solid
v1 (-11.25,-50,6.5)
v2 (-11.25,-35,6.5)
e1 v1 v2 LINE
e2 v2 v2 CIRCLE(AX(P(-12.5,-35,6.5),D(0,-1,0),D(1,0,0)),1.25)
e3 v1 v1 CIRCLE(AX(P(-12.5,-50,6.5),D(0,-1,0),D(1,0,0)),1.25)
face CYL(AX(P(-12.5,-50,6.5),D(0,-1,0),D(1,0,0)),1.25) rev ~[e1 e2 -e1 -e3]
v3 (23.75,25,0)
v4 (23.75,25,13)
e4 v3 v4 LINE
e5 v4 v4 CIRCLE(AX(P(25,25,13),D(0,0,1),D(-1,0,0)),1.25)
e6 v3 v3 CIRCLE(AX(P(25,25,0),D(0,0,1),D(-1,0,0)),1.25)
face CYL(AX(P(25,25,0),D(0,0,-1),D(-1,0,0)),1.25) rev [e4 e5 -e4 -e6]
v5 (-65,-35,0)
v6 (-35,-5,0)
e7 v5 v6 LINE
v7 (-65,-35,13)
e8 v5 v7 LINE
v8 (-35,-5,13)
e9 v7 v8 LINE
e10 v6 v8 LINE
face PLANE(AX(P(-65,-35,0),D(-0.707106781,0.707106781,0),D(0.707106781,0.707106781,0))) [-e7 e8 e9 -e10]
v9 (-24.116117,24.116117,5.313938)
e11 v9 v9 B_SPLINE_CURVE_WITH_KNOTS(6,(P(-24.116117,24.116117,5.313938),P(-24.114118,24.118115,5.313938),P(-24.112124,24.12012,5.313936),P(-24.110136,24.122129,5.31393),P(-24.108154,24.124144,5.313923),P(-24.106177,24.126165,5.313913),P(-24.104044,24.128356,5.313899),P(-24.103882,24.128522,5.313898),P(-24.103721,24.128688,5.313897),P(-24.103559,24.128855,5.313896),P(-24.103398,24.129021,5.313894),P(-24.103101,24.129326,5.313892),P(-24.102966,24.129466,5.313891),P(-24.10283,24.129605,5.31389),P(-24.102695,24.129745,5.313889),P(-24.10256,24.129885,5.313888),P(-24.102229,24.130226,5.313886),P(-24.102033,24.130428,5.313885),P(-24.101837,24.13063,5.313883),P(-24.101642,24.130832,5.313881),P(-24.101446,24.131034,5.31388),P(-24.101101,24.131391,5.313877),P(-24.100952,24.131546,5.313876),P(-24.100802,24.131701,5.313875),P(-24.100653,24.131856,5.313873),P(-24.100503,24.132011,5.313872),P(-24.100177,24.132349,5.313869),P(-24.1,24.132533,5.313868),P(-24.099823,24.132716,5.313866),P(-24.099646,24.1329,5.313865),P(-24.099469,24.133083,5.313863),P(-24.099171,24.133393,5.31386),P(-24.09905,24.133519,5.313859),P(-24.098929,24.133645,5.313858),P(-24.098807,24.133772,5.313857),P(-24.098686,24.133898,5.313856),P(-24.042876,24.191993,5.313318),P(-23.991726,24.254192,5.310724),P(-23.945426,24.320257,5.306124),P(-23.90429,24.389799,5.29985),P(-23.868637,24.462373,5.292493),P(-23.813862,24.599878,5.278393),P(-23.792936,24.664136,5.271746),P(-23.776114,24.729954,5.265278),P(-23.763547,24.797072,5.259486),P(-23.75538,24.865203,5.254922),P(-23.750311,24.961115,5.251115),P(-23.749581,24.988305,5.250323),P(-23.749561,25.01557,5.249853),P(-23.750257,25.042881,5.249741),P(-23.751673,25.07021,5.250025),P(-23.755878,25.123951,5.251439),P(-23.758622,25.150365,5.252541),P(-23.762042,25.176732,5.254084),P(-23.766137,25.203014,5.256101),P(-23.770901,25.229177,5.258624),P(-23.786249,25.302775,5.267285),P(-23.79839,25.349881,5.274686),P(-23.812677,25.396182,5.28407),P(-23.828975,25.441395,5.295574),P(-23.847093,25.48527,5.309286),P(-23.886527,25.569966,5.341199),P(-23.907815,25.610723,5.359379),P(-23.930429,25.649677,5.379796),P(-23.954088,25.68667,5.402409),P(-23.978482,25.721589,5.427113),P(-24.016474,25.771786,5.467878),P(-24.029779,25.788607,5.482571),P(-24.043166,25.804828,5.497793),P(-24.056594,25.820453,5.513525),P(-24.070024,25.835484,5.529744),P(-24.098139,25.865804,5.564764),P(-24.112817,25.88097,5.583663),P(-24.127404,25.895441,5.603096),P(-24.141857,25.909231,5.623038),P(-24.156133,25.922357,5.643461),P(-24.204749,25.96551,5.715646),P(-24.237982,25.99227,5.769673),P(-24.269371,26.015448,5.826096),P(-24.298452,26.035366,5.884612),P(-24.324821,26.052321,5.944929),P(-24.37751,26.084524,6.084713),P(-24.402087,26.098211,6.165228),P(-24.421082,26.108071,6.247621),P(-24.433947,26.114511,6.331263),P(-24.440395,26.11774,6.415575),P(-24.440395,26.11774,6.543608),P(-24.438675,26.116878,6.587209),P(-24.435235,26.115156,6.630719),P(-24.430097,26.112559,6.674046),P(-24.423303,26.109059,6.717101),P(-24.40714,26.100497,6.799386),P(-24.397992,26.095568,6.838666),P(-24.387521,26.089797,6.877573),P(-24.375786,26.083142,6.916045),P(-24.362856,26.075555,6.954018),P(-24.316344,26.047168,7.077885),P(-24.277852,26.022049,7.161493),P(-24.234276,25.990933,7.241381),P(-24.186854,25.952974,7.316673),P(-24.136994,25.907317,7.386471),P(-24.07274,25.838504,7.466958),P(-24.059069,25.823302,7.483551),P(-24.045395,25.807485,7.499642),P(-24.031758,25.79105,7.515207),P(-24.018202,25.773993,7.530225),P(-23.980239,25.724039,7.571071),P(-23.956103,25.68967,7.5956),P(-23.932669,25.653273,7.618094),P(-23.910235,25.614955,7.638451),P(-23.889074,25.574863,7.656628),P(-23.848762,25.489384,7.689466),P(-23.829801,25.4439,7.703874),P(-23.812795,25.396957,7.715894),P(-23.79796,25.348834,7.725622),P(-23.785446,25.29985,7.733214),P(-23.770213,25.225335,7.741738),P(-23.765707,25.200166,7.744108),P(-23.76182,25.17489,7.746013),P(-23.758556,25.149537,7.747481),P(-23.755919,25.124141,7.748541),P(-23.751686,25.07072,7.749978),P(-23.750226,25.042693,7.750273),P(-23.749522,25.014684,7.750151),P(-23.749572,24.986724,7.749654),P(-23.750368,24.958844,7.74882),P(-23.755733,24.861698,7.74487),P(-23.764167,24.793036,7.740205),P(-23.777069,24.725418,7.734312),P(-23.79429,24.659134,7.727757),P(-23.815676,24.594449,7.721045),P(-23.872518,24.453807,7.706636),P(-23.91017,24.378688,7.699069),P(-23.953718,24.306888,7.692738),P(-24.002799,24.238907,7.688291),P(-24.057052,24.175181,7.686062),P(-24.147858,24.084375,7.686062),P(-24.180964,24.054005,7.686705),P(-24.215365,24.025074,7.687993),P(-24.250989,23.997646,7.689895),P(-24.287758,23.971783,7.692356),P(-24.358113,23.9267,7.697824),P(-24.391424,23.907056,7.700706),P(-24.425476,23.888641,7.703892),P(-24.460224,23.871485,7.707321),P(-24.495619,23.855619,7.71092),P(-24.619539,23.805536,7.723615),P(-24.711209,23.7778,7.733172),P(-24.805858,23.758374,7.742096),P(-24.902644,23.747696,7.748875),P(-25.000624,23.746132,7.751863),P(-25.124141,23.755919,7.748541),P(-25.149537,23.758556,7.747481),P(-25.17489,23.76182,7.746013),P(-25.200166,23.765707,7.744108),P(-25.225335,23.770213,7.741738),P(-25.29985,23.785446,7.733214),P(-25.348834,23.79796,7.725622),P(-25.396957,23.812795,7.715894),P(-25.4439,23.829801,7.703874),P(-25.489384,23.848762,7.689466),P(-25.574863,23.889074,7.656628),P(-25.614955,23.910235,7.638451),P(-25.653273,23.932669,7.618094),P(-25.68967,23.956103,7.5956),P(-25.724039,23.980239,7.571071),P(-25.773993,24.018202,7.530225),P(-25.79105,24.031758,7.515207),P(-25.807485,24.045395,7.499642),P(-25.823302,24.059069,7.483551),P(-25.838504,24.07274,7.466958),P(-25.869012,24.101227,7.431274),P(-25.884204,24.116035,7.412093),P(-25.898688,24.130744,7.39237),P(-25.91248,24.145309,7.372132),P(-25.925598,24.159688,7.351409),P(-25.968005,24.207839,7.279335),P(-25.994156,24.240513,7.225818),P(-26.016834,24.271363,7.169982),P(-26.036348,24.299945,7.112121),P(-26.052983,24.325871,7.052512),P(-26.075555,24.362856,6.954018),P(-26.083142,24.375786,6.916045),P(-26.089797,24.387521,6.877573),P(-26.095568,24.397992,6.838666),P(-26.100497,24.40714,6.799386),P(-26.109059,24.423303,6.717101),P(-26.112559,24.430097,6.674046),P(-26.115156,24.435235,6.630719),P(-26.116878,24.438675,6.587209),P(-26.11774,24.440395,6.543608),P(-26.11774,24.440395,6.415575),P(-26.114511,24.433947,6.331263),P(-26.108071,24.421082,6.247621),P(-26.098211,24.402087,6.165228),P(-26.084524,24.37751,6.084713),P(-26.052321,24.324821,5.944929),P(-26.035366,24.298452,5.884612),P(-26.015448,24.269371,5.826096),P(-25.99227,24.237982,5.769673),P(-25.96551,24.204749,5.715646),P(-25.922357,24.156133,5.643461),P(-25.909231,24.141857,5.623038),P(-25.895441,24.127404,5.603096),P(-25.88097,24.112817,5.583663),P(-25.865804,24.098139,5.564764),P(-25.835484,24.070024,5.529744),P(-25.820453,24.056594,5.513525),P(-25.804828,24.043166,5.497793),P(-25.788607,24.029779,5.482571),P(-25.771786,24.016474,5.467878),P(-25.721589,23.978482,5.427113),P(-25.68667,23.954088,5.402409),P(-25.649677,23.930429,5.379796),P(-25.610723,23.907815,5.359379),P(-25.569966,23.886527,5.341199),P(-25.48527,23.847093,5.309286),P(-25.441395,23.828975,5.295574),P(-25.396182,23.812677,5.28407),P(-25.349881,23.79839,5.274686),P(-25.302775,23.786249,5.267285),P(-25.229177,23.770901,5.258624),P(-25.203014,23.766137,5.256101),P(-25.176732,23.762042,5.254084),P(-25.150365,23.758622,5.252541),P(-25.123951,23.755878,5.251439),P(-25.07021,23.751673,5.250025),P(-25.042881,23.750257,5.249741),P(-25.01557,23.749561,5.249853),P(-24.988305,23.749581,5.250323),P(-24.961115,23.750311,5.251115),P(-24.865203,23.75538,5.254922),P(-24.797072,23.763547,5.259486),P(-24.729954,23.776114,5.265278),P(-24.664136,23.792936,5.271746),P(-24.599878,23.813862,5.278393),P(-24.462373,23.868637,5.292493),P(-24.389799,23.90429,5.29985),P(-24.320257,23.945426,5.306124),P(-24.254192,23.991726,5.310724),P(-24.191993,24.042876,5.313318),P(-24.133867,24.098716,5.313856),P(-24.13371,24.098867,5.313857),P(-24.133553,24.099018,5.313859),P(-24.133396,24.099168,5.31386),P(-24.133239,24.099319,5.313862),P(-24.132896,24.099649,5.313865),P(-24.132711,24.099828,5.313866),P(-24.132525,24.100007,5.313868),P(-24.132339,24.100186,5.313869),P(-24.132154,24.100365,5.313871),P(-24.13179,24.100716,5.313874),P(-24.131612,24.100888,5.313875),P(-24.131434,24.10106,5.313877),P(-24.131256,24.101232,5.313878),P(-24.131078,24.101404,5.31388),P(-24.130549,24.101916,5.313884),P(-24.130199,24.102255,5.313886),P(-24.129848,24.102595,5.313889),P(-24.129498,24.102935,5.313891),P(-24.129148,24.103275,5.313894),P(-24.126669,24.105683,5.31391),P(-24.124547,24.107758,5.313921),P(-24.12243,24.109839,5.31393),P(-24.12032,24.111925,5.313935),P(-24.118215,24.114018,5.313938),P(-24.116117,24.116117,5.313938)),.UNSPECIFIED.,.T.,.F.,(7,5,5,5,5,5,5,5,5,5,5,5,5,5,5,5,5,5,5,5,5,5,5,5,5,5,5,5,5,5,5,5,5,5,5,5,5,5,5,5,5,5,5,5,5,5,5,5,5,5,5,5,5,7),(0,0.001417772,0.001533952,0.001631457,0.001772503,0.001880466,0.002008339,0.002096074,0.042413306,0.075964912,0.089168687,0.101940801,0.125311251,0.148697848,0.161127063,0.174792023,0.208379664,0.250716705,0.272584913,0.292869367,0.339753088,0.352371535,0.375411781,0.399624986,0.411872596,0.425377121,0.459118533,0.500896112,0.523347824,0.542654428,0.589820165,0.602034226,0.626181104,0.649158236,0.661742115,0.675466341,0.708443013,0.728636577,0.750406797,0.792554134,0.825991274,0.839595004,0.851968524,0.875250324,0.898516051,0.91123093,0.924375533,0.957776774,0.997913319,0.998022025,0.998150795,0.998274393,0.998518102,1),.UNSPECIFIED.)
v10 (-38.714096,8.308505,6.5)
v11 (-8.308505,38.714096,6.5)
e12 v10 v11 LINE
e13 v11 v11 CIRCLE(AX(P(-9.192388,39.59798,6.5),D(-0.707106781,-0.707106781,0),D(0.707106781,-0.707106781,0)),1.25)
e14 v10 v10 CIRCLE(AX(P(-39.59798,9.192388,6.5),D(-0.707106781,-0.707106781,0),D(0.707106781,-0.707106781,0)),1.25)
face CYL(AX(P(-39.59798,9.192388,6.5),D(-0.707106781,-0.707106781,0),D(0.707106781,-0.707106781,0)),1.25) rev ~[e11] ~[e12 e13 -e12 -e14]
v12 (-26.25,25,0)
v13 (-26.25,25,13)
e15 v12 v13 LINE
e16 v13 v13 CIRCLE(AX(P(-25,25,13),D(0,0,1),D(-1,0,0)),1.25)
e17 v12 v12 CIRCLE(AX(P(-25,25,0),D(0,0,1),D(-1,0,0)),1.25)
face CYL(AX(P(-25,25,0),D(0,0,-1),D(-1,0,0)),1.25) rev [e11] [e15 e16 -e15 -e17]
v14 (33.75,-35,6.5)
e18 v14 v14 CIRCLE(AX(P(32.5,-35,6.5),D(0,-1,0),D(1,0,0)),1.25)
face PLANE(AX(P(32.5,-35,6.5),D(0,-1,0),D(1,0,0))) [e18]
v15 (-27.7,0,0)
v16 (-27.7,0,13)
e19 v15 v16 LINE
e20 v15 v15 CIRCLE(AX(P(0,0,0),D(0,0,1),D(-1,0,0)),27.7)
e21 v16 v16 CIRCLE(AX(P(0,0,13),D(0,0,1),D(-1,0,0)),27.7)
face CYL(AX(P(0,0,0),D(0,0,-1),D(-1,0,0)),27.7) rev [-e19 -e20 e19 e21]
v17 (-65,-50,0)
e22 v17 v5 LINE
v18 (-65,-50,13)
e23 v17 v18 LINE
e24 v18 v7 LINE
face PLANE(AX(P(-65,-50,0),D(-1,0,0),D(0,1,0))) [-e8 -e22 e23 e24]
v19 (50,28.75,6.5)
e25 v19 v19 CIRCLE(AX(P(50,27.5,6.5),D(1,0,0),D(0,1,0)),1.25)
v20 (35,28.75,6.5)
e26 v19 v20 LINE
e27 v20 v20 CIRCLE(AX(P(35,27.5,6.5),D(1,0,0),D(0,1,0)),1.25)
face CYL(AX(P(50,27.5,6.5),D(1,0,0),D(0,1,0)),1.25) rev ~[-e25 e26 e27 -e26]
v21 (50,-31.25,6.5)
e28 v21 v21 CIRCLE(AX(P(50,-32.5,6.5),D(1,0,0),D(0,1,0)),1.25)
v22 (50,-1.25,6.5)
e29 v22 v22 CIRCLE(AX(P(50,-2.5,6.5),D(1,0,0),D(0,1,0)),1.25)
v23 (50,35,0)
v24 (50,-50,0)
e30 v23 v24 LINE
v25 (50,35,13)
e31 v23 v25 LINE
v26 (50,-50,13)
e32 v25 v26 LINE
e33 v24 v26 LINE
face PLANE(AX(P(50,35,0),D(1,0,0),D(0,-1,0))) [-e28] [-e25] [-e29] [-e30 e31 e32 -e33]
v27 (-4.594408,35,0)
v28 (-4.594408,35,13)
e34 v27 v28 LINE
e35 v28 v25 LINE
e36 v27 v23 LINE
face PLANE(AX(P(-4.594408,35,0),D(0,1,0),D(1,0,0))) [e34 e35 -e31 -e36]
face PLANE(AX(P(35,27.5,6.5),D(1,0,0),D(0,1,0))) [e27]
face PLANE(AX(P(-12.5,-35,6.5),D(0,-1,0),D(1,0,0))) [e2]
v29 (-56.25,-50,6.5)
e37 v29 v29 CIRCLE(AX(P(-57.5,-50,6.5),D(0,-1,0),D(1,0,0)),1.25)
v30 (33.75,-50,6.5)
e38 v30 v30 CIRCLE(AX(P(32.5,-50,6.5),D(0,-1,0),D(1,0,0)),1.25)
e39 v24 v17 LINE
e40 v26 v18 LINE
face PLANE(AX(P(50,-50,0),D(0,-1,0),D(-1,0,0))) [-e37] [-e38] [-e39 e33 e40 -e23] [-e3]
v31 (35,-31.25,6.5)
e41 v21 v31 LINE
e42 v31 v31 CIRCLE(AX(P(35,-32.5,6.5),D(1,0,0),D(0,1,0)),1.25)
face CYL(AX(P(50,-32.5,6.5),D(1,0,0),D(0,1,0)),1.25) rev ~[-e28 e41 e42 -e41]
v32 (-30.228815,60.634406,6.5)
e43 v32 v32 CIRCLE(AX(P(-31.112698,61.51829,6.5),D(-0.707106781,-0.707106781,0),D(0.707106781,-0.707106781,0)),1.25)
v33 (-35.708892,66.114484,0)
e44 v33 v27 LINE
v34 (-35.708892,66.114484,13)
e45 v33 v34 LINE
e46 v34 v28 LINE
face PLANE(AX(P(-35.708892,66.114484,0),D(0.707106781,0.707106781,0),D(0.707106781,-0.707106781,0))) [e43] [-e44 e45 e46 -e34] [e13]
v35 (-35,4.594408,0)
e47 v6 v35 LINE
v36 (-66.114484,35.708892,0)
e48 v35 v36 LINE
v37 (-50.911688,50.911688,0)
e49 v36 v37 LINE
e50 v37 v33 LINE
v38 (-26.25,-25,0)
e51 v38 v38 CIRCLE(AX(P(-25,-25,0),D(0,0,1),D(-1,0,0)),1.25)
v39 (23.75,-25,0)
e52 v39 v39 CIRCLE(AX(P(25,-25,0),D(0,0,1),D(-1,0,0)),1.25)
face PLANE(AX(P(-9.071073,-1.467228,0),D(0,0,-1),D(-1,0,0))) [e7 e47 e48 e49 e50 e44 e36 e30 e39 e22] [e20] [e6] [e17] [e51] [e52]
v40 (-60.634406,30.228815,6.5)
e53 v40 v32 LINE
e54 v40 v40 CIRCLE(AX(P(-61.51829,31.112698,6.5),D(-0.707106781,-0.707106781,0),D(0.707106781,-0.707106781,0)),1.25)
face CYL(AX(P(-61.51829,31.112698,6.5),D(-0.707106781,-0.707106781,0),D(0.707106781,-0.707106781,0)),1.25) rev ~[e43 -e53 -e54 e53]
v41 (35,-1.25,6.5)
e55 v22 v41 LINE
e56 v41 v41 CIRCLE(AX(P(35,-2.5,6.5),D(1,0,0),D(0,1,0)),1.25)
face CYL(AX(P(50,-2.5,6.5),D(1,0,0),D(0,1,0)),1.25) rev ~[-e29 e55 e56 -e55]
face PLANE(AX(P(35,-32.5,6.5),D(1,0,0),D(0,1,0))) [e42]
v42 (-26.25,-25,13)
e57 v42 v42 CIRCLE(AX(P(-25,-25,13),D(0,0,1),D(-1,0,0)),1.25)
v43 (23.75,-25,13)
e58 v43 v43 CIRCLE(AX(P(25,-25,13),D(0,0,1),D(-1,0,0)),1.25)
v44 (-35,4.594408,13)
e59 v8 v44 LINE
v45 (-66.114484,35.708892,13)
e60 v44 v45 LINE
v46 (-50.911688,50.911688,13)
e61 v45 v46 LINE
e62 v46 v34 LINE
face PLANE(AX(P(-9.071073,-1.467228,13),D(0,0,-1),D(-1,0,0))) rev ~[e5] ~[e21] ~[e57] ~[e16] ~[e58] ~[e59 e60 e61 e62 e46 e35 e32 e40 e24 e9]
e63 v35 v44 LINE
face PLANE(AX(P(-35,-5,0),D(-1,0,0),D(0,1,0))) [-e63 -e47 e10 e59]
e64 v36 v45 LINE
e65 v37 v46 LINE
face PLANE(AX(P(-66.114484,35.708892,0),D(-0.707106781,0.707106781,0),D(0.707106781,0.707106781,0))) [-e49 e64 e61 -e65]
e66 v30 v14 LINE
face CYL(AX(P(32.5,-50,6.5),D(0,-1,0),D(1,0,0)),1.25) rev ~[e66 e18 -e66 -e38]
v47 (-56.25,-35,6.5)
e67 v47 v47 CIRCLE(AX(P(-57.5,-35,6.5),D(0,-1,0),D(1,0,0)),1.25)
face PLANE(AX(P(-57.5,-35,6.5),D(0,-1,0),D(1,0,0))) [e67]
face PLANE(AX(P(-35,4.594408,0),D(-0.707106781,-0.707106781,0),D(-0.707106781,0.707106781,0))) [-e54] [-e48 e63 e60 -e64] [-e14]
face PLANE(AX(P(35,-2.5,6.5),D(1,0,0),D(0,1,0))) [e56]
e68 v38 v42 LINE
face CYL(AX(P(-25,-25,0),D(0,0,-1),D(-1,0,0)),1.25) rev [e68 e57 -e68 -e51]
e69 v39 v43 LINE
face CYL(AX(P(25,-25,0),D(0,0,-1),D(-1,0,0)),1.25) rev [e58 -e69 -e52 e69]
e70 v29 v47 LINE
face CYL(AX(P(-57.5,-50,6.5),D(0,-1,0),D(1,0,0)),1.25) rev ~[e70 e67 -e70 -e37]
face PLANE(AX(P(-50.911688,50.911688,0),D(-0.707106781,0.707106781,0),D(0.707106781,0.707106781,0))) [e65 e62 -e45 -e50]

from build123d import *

# Parameters (mm, degrees)
SKETCH1_R           = 27.7
SKETCH1_R_2         = 1.25
BOSS_EXTRUDE1_DEPTH = 13
CUT_EXTRUDE1_REACH  = 107.038
SKETCH2_R           = 1.25
SKETCH3_R           = 1.25
CUT_EXTRUDE2_DEPTH  = 15
SKETCH4_R           = 1.25
CUT_EXTRUDE3_DEPTH  = 15


with BuildPart() as part:
    # Sketch1 → Boss-Extrude1 (new body)
    with BuildSketch(Plane.XY):
        Polygon((50, 35), (50, -50), (-65, -50), (-65, -35), (-35, -5), (-35, 4.594408409), (-66.114484041, 35.70889245), (-50.911688245, 50.911688245), (-35.70889245, 66.114484041), (-4.594408409, 35), align=None)
        with Locations(Location((0, 0, 0), (0, 0, 180))):
            Circle(SKETCH1_R, mode=Mode.SUBTRACT)
        with Locations(Location((-25, 25, 0), (0, 0, 180))):
            Circle(SKETCH1_R_2, mode=Mode.SUBTRACT)
        with Locations(Location((25, 25, 0), (0, 0, 180))):
            Circle(SKETCH1_R_2, mode=Mode.SUBTRACT)
        with Locations(Location((25, -25, 0), (0, 0, 180))):
            Circle(SKETCH1_R_2, mode=Mode.SUBTRACT)
        with Locations(Location((-25, -25, 0), (0, 0, 180))):
            Circle(SKETCH1_R_2, mode=Mode.SUBTRACT)
    extrude(amount=BOSS_EXTRUDE1_DEPTH)

    # Sketch2 → Cut-Extrude1 (cut, up to next)
    with BuildSketch(Plane(origin=(-15.202795796, -15.202795796, 0), x_dir=(0, 0, 1), z_dir=(-0.7071067811865472, -0.7071067811865478, 0)), mode=Mode.PRIVATE) as cut_extrude1_sk1:
        with Locations(Location((6.5, 65.5, 0), (0, 0, 270))):
            Circle(SKETCH2_R)
    cut_extrude1_tool1 = extrude(cut_extrude1_sk1.sketch, amount=-CUT_EXTRUDE1_REACH, mode=Mode.PRIVATE) & part.part
    # Sketch2 → Cut-Extrude1 (cut, up to next)
    with BuildSketch(Plane(origin=(-15.202795796, -15.202795796, 0), x_dir=(0, 0, 1), z_dir=(-0.7071067811865472, -0.7071067811865478, 0)), mode=Mode.PRIVATE) as cut_extrude1_sk2:
        with Locations(Location((6.5, 34.5, 0), (0, 0, 270))):
            Circle(SKETCH2_R)
    cut_extrude1_tool2 = extrude(cut_extrude1_sk2.sketch, amount=-CUT_EXTRUDE1_REACH, mode=Mode.PRIVATE) & part.part
    add(cut_extrude1_tool1.solids().sort_by_distance((-61.51829, 31.112698, 6.5))[0], mode=Mode.SUBTRACT)
    add(cut_extrude1_tool2.solids().sort_by_distance((-39.59798, 9.192388, 6.5))[0], mode=Mode.SUBTRACT)

    # Sketch3 → Cut-Extrude2 (cut)
    with BuildSketch(Plane.XZ.offset(50)):
        with Locations((-57.5, 6.5)):
            Circle(SKETCH3_R)
        with Locations((32.5, 6.5)):
            Circle(SKETCH3_R)
        with Locations((-12.5, 6.5)):
            Circle(SKETCH3_R)
    extrude(amount=-CUT_EXTRUDE2_DEPTH, mode=Mode.SUBTRACT)

    # Sketch4 → Cut-Extrude3 (cut)
    with BuildSketch(Plane(origin=(50, 0, 0), x_dir=(0, 0, -1), z_dir=(1, 0, 0))):
        with Locations(Location((-6.5, -32.5, 0), (0, 0, 90))):
            Circle(SKETCH4_R)
        with Locations(Location((-6.5, 27.5, 0), (0, 0, 90))):
            Circle(SKETCH4_R)
        with Locations(Location((-6.5, -2.5, 0), (0, 0, 90))):
            Circle(SKETCH4_R)
    extrude(amount=-CUT_EXTRUDE3_DEPTH, mode=Mode.SUBTRACT)


solid = part.part
